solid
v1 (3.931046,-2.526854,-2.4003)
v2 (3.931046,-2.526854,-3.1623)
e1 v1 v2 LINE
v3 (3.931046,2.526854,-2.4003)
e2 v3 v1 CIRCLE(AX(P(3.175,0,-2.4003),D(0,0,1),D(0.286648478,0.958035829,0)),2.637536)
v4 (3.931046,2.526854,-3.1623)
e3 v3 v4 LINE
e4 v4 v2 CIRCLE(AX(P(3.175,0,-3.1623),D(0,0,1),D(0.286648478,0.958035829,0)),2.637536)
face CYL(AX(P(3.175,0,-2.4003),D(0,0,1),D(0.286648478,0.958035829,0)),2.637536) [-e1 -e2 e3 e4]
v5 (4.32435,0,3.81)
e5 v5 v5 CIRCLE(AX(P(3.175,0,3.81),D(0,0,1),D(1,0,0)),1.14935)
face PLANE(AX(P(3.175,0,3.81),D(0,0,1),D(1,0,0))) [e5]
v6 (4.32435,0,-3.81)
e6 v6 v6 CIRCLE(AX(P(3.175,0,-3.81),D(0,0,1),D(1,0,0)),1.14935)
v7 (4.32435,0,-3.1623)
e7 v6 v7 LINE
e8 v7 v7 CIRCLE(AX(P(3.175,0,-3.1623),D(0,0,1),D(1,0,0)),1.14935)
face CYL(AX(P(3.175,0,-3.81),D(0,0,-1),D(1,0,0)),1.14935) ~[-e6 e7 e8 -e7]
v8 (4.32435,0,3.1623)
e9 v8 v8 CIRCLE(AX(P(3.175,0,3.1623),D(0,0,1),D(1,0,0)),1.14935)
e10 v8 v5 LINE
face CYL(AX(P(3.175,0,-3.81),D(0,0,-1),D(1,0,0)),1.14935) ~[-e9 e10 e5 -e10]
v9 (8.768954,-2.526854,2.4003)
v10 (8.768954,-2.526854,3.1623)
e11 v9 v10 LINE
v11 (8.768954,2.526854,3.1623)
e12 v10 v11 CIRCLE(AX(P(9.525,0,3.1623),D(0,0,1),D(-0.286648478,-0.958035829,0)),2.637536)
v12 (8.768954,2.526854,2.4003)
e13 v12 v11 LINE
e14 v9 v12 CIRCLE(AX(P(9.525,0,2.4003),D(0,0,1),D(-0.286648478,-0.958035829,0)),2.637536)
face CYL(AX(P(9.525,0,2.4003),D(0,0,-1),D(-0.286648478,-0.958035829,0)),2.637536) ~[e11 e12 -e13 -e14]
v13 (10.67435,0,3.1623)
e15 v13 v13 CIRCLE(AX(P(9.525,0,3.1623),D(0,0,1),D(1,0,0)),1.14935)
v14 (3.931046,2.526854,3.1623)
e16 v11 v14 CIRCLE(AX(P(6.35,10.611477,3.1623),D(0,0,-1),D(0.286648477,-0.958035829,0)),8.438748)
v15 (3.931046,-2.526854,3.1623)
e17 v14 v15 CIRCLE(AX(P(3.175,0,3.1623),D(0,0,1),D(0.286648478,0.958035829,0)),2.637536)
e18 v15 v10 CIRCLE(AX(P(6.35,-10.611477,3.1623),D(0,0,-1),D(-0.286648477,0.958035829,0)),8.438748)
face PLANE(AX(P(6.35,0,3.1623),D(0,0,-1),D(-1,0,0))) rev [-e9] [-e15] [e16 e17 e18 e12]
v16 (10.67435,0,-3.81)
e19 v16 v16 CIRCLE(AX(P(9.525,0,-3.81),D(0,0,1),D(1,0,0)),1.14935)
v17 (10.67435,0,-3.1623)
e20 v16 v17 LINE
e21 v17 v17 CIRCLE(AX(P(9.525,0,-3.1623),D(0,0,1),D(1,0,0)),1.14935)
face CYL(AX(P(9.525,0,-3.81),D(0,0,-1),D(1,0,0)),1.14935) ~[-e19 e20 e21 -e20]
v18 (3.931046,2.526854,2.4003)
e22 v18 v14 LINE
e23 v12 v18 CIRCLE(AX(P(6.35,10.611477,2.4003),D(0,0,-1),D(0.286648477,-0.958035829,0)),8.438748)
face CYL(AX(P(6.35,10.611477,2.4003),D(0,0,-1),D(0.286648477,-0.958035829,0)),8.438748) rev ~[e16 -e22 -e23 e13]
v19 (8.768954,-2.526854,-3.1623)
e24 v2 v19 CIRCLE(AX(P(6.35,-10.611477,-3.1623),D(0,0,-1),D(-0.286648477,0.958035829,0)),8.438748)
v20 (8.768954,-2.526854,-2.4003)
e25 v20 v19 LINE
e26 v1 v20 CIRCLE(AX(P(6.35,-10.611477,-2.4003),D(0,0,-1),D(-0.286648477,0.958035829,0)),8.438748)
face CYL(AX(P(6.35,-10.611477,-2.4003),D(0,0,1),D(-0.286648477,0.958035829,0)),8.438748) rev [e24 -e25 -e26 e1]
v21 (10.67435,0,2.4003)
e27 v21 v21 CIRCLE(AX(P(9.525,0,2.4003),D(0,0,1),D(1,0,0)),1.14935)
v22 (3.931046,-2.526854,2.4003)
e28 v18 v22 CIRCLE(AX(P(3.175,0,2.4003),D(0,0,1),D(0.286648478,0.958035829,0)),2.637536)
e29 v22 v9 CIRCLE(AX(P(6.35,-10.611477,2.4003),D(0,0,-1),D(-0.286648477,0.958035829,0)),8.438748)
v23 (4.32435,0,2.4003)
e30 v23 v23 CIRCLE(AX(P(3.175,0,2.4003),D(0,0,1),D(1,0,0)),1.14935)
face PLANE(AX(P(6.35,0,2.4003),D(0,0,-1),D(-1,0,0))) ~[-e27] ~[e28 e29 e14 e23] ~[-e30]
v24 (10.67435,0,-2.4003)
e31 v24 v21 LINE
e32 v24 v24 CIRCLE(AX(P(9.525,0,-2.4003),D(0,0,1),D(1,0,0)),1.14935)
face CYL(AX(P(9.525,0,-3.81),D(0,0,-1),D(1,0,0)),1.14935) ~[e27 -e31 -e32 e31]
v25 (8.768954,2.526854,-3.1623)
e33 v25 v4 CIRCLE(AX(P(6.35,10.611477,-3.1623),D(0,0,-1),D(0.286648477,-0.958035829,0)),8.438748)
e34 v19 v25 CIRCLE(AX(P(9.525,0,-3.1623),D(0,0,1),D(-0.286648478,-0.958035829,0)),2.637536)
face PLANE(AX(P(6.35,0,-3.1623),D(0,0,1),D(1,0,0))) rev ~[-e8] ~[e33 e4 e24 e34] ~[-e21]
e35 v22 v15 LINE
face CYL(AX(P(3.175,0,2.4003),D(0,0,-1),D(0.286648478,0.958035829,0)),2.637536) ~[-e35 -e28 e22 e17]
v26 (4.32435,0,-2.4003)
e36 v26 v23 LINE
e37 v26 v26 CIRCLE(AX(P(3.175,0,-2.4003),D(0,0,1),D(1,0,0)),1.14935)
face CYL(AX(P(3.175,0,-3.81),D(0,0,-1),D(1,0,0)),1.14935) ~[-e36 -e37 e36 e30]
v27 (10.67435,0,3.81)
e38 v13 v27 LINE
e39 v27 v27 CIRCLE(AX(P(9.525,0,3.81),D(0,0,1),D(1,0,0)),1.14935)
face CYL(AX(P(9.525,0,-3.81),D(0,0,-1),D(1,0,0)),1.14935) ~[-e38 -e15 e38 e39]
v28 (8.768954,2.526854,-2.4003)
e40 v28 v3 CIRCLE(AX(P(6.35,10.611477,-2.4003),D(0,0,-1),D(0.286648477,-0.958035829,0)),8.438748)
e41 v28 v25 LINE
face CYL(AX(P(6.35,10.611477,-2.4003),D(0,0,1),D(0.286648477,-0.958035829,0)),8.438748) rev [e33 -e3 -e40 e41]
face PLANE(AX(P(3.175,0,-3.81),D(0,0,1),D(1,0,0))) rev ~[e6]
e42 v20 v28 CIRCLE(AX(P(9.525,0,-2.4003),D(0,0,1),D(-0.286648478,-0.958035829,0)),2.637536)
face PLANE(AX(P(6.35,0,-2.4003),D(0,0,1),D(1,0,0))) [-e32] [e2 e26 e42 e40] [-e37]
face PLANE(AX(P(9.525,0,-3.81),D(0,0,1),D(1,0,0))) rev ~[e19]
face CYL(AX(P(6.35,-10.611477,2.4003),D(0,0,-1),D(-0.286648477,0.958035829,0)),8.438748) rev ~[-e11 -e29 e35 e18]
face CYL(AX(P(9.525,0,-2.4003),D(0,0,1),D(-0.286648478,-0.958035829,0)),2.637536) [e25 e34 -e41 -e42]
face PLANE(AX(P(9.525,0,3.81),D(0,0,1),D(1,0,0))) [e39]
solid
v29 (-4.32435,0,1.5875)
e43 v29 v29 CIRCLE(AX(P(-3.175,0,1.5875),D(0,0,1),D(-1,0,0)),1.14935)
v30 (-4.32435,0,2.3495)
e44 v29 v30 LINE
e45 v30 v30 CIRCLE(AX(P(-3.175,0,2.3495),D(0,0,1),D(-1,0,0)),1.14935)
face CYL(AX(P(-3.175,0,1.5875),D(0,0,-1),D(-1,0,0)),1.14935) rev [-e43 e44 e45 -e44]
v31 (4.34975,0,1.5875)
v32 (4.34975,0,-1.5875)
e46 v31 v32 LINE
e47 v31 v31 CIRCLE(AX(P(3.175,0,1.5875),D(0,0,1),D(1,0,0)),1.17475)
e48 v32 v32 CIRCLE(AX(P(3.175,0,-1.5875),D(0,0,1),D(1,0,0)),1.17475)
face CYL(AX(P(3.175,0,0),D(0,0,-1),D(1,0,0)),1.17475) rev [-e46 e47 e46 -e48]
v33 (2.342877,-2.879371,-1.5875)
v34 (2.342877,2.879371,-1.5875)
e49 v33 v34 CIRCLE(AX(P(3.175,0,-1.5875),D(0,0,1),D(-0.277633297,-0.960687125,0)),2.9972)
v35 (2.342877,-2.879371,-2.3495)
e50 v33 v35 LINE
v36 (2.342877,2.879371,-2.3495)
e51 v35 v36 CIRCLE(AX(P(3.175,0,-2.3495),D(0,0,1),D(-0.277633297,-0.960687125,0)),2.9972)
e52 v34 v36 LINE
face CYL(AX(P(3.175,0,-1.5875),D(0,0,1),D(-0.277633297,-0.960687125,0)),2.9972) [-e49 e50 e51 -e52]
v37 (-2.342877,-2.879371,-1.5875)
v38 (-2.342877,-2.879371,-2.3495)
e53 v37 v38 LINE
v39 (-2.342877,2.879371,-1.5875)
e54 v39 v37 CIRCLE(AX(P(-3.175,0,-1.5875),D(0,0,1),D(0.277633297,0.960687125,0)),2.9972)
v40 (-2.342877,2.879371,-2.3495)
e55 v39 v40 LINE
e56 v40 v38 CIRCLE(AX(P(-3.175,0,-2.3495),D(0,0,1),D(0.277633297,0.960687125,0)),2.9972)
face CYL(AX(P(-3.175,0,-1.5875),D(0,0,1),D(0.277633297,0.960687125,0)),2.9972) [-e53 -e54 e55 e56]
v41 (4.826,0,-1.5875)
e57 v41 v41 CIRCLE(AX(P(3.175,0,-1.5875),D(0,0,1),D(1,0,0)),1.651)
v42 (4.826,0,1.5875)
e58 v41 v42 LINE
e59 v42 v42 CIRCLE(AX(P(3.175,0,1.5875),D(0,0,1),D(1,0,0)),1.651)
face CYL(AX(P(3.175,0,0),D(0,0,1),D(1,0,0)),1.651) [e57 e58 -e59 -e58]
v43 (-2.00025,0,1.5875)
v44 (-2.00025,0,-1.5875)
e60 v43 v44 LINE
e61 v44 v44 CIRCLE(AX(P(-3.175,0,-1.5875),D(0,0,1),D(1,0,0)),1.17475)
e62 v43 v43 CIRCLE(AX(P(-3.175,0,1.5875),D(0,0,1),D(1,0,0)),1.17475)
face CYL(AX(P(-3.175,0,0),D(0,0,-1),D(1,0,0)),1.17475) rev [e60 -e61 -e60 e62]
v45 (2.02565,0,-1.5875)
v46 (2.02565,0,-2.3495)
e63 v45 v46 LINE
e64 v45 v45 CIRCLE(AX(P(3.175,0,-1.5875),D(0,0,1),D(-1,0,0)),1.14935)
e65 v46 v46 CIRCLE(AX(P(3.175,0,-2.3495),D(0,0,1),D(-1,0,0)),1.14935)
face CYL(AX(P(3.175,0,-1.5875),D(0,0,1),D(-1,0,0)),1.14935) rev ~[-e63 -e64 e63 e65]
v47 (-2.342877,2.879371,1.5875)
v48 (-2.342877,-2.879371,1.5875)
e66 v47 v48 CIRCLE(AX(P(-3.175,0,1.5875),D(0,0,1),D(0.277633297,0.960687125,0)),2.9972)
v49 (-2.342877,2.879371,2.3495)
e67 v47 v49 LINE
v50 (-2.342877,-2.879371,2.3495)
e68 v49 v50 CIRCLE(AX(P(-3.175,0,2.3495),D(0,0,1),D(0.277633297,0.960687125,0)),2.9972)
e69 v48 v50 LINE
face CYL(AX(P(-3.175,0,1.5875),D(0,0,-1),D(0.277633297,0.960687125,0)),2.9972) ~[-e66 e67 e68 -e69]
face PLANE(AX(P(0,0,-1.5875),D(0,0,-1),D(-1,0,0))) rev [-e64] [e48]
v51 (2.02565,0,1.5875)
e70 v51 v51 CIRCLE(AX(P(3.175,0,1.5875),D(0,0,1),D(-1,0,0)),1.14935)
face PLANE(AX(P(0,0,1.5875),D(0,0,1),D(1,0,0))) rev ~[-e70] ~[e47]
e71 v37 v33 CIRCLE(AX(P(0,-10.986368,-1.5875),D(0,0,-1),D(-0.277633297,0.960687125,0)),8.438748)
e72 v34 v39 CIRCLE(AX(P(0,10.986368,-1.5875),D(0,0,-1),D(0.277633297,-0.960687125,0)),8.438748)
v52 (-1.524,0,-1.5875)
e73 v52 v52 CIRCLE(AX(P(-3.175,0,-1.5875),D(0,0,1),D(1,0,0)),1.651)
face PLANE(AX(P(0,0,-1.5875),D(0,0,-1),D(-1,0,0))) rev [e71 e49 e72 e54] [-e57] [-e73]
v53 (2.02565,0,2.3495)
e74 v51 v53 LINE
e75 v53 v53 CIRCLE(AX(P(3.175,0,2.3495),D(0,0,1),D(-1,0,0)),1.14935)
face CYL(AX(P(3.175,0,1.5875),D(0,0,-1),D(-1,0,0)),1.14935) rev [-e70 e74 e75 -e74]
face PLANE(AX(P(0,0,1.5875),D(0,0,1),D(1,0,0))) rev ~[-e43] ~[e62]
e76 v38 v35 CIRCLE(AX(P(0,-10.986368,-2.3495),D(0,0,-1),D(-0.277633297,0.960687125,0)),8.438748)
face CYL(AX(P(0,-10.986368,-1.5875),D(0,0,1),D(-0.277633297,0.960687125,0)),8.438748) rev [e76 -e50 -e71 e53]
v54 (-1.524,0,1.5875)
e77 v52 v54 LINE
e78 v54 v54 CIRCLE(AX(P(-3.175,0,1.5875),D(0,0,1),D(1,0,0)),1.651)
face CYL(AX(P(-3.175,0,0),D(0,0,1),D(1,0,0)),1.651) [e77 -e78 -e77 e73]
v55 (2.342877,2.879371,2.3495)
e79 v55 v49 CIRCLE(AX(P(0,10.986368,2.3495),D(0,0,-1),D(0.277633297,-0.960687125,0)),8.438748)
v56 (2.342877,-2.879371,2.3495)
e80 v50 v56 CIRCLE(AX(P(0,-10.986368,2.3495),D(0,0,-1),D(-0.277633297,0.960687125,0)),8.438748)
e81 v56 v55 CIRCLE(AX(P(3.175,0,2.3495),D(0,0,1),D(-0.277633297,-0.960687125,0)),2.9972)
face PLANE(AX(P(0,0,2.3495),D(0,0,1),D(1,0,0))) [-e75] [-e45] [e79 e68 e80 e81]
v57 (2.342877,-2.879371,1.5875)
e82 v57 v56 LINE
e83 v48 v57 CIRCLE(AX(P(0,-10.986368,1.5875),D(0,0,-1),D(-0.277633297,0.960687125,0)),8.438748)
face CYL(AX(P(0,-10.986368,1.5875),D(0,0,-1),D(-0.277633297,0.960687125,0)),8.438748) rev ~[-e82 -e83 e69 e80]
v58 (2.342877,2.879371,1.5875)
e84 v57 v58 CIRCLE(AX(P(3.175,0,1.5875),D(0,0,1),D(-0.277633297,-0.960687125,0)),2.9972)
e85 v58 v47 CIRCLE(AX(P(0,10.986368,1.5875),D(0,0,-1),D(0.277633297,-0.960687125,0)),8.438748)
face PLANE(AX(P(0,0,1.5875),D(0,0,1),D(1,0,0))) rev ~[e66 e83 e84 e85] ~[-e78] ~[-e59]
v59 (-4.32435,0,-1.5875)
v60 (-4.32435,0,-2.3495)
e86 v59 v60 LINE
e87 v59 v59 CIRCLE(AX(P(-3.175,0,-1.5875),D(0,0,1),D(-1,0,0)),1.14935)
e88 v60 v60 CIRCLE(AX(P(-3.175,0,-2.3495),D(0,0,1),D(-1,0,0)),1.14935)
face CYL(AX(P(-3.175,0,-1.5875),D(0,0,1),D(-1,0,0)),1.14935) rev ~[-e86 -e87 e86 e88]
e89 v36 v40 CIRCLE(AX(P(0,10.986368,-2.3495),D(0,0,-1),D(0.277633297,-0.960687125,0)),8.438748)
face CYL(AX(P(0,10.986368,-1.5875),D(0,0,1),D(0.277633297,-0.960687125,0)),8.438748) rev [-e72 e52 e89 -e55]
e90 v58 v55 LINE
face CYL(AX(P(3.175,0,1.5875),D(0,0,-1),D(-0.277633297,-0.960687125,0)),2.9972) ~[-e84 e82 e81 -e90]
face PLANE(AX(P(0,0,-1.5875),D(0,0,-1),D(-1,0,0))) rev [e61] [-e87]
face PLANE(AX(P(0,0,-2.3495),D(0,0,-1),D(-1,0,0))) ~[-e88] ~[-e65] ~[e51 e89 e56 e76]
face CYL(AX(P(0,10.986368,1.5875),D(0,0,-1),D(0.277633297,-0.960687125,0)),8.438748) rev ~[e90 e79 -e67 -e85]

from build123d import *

# Parameters (mm, degrees)
SKETCH4_R                  = 1.651
SKETCH4_R_2                = 1.17475
BOSS_EXTRUDE1_DEPTH        = 1.5875
BOSS_EXTRUDE1_2_DEPTH      = 1.5875
SKETCH5_R                  = 1.14935
BOSS_EXTRUDE2_DEPTH        = 0.762
LPATTERN1_COUNT            = 2
LPATTERN1_PITCH            = 6.35
SKETCH7_R                  = 1.14935
BOSS_EXTRUDE3_DEPTH        = 0.762
BOSS_EXTRUDE4_DEPTH        = 3.81
BOSS_EXTRUDE4_DEPTH_BACK   = 3.81
SKETCH8_R                  = 1.14935
BOSS_EXTRUDE4_2_DEPTH      = 3.81
BOSS_EXTRUDE4_2_DEPTH_BACK = 3.81


with BuildPart() as part:
    # Sketch4 → Boss-Extrude1 (new, symmetric)
    with BuildSketch(Plane.XY):
        with Locations((-3.175, 0)):
            Circle(SKETCH4_R)
        with Locations((-3.175, 0)):
            Circle(SKETCH4_R_2, mode=Mode.SUBTRACT)
    extrude(amount=BOSS_EXTRUDE1_DEPTH, both=True)


with BuildPart() as body_2:
    # Sketch4 → Boss-Extrude1 2 (new, symmetric)
    with BuildSketch(Plane.XY):
        with Locations((3.175, 0)):
            Circle(SKETCH4_R)
        with Locations((3.175, 0)):
            Circle(SKETCH4_R_2, mode=Mode.SUBTRACT)
    extrude(amount=BOSS_EXTRUDE1_2_DEPTH, both=True)


with BuildPart() as body_3:
    # Sketch5 → Boss-Extrude2 (new body)
    with BuildSketch(Plane.XY.offset(1.5875)):
        with BuildLine():
            ThreePointArc((-2.342877482, 2.879371452), (-6.1722, 0), (-2.342877482, -2.879371452))
            ThreePointArc((-2.342877482, -2.879371452), (0, -2.54762), (2.342877482, -2.879371452))
            ThreePointArc((2.342877482, -2.879371452), (6.1722, 0), (2.342877482, 2.879371452))
            ThreePointArc((2.342877482, 2.879371452), (0, 2.54762), (-2.342877482, 2.879371452))
        make_face()
        with Locations(Location((-3.175, 0, 0), (0, 0, 180))):
            Circle(SKETCH5_R, mode=Mode.SUBTRACT)
        with Locations(Location((3.175, 0, 0), (0, 0, 180))):
            Circle(SKETCH5_R, mode=Mode.SUBTRACT)
    extrude(amount=BOSS_EXTRUDE2_DEPTH)


with BuildPart() as lpattern1_1:
    # LPattern1: pattern copy
    add(body_2.part.moved(Location(Vector(1, 0, 0) * (1 * LPATTERN1_PITCH))))


with BuildPart() as body_5:
    # Sketch7 → Boss-Extrude3 (new body)
    with BuildSketch(Plane.XY.offset(-2.4003)):
        with BuildLine():
            ThreePointArc((3.931045679, 2.526853989), (0.537464, 0), (3.931045679, -2.526853989))
            ThreePointArc((3.931045679, -2.526853989), (6.35, -2.17272892), (8.768954321, -2.526853989))
            ThreePointArc((8.768954321, -2.526853989), (12.162536, 0), (8.768954321, 2.526853989))
            ThreePointArc((8.768954321, 2.526853989), (6.35, 2.17272892), (3.931045679, 2.526853989))
        make_face()
        with Locations((3.175, 0)):
            Circle(SKETCH7_R, mode=Mode.SUBTRACT)
        with Locations((9.525, 0)):
            Circle(SKETCH7_R, mode=Mode.SUBTRACT)
    extrude(amount=-BOSS_EXTRUDE3_DEPTH)


with BuildPart() as body_6:
    # Mirror1: mirrored copy
    add(body_3.part.mirror(Plane.XY))


with BuildPart() as body_7:
    # Mirror1 2: mirrored copy
    add(body_5.part.mirror(Plane.XY))


with BuildPart() as body_8:
    # Sketch8 → Boss-Extrude4 (new, two sides: drawn at the far end of the back side and taken through both)
    with BuildSketch(Plane.XY.offset(-BOSS_EXTRUDE4_DEPTH_BACK)):
        with Locations((3.175, 0)):
            Circle(SKETCH8_R)
    extrude(amount=BOSS_EXTRUDE4_DEPTH + BOSS_EXTRUDE4_DEPTH_BACK)


with BuildPart() as body_9:
    # Sketch8 → Boss-Extrude4 2 (new, two sides: drawn at the far end of the back side and taken through both)
    with BuildSketch(Plane.XY.offset(-BOSS_EXTRUDE4_2_DEPTH_BACK)):
        with Locations((9.525, 0)):
            Circle(SKETCH8_R)
    extrude(amount=BOSS_EXTRUDE4_2_DEPTH + BOSS_EXTRUDE4_2_DEPTH_BACK)


with BuildPart() as part_1:
    add(part.part)

    # Combine2: union body 2, body 3, body 6
    add(body_2.part)
    add(body_3.part)
    add(body_6.part)


with BuildPart() as body_8_1:
    add(body_8.part)

    # Combine3: union body 7, body 9, body 5
    add(body_7.part)
    add(body_9.part)
    add(body_5.part)


solid = Compound([part_1.part, body_8_1.part])
